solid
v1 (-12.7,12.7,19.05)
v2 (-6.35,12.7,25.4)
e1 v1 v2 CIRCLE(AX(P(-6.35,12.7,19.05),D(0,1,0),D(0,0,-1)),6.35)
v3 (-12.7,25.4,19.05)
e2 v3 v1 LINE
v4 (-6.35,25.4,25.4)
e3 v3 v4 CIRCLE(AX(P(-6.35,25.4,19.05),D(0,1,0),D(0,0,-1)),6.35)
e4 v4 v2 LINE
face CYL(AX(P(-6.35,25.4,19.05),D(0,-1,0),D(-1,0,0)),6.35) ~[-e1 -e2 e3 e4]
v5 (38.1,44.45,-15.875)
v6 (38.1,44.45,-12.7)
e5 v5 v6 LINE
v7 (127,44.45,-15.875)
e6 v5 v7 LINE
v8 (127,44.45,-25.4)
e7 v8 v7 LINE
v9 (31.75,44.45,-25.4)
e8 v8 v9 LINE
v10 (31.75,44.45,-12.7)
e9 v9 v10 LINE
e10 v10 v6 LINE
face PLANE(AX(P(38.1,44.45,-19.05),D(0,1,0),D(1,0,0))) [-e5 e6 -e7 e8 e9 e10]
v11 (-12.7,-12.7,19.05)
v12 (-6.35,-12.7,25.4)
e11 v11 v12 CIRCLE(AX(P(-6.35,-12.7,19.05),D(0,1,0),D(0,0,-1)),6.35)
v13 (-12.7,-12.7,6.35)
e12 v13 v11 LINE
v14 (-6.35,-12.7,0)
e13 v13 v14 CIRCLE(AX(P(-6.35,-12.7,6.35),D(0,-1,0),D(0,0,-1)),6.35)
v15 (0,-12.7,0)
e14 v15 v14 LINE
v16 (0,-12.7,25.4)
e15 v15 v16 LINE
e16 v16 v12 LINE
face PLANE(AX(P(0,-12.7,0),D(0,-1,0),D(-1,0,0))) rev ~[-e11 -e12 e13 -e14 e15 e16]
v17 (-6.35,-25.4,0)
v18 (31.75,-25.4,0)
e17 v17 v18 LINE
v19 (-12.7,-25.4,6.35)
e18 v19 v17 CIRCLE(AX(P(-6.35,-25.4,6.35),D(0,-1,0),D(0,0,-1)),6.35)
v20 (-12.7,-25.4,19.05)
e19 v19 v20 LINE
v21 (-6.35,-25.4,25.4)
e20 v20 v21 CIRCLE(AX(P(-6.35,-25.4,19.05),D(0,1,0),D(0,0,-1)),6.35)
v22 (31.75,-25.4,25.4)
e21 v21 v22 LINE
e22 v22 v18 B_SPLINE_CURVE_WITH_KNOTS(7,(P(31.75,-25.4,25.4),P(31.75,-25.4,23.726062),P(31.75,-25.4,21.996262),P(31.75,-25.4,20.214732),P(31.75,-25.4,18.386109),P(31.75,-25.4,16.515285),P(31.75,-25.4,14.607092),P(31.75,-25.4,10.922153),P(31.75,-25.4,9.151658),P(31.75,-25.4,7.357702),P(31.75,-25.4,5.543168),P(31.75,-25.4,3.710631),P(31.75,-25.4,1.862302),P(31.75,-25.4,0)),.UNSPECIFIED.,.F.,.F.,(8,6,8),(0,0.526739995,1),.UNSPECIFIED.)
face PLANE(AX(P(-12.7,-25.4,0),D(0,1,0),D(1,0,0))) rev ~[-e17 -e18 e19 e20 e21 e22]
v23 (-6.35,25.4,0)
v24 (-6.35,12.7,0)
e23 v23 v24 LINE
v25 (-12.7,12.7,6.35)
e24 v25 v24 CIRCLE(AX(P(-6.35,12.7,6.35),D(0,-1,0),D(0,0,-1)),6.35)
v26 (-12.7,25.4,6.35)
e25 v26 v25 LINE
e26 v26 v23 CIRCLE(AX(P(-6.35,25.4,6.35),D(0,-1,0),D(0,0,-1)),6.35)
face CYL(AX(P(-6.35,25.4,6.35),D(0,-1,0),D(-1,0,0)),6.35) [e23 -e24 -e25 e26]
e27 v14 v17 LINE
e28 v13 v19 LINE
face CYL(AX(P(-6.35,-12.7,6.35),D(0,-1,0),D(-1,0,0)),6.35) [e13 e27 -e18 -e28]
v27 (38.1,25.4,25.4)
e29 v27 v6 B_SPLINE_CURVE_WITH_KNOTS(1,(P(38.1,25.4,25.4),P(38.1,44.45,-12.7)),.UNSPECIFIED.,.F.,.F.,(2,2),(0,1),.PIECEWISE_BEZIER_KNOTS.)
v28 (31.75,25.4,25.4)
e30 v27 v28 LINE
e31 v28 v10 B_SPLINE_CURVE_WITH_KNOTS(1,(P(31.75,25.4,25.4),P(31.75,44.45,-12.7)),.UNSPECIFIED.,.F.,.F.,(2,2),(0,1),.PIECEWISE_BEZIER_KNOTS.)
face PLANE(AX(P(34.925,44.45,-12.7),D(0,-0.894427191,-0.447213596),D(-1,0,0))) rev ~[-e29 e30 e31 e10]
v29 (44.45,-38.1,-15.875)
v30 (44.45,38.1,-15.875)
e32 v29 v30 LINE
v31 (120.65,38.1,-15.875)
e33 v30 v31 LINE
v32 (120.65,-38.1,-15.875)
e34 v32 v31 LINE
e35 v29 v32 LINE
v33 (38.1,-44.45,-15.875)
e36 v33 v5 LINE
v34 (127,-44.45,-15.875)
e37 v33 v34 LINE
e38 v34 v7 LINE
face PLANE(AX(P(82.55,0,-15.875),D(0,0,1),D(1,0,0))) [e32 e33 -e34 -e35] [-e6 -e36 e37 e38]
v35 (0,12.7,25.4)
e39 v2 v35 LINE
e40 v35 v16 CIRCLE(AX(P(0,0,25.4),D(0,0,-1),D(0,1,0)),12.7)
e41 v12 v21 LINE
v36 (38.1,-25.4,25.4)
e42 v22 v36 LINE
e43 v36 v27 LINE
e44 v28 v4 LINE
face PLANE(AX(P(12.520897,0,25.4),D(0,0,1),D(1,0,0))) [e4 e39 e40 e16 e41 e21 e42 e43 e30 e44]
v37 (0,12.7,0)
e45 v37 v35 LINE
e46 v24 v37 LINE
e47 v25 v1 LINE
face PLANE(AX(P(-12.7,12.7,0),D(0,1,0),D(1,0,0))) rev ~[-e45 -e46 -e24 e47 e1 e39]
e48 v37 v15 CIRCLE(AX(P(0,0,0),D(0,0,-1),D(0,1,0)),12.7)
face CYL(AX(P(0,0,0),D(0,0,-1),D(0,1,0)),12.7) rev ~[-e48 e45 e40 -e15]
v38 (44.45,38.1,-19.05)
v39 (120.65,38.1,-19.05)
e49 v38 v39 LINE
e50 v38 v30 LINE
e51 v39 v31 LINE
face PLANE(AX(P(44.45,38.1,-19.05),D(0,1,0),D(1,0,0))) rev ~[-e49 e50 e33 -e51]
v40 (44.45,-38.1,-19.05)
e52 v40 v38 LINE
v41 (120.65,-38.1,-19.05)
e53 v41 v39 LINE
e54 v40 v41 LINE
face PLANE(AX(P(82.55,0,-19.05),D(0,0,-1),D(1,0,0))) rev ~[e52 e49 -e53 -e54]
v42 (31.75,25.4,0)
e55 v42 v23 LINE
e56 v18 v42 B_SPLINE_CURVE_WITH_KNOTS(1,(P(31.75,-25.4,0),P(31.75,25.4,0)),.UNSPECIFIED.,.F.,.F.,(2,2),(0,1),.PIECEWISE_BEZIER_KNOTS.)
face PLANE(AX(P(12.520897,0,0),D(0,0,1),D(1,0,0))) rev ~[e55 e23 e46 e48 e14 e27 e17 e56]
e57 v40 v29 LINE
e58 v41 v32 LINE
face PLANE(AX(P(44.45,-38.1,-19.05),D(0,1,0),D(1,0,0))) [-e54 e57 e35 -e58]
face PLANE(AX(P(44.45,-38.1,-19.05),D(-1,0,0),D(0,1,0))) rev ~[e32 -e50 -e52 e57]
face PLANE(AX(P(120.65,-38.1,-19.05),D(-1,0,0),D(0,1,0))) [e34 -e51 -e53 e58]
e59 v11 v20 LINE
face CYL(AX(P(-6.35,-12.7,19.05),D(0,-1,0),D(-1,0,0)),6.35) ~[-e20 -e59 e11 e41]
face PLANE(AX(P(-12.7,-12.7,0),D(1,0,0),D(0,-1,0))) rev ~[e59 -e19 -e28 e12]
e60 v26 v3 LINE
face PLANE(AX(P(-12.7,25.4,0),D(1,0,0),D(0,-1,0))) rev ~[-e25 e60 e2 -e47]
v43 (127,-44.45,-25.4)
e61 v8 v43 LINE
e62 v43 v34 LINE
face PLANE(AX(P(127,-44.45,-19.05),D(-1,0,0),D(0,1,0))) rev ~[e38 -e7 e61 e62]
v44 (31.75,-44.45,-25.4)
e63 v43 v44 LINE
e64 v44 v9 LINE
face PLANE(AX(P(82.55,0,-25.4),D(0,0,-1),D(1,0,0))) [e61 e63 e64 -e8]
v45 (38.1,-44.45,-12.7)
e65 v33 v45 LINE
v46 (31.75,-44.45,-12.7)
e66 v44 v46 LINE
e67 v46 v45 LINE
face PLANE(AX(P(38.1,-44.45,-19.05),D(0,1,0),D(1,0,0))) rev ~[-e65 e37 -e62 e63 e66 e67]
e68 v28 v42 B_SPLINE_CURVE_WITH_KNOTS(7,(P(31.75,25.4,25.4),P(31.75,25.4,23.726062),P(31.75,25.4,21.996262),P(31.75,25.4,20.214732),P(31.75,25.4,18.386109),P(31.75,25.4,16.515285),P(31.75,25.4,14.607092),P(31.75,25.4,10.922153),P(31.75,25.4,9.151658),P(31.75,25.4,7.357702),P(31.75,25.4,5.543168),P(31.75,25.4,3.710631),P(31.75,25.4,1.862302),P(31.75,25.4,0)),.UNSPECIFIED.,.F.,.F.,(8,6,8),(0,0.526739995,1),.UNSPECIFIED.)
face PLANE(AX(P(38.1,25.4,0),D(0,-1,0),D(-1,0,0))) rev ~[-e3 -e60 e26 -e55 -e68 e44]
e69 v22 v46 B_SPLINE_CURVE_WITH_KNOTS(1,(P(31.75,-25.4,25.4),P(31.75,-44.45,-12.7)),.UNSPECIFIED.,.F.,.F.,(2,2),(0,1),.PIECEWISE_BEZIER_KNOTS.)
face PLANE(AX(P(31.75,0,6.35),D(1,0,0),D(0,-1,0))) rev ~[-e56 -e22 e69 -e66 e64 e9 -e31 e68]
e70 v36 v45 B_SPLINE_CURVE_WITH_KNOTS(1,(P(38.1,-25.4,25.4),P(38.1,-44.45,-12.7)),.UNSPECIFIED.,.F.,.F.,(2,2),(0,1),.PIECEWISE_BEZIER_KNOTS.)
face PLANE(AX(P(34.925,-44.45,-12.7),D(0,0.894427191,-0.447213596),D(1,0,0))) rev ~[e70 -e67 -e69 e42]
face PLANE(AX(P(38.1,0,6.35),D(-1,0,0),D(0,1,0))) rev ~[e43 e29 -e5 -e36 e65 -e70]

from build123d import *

# Parameters (mm, degrees)
F1_DEPTH  = 25.4
F2_R      = 6.35
F4_W      = 6.35
F4_H      = 88.9
F5_DEPTH  = 12.7
F6_W      = 6.35
F6_H      = 50.8
F5_FACE_W = 6.35
F5_FACE_H = 88.9
F8_W      = 88.9
F8_H      = 88.9
F9_DEPTH  = 6.35
F10_W     = 88.9
F10_H     = 88.9
F10_W_2   = 76.2
F10_H_2   = 76.2
F11_DEPTH = 3.175


with BuildPart() as f1:
    # F0 (on Top) → F1 (new body)
    with BuildSketch(Plane.XY):
        with BuildLine():
            ThreePointArc((0, 12.7), (12.7, 0), (0, -12.7))
            Line((0, -12.7), (-12.7, -12.7))
            Line((-12.7, -12.7), (-12.7, -25.4))
            Line((-12.7, -25.4), (38.1, -25.4))
            Line((38.1, -25.4), (38.1, 25.4))
            Line((38.1, 25.4), (-12.7, 25.4))
            Line((-12.7, 25.4), (-12.7, 12.7))
            Line((-12.7, 12.7), (0, 12.7))
        make_face()
    extrude(amount=F1_DEPTH)

    # F2
    f2_edges = [f1.edges().sort_by_distance(p)[0] for p in [
        (-12.7, -19.05, 25.4),
        (-12.7, 19.05, 25.4),
        (-12.7, -19.05, 0),
        (-12.7, 19.05, 0),
    ]]
    fillet(f2_edges, radius=F2_R)



with BuildPart() as f5:
    # F4 (on offset) → F5 (new body)
    with BuildSketch(Plane.XY.offset(-25.4)):
        with Locations((34.925, 0)):
            Rectangle(F4_W, F4_H)
    extrude(amount=F5_DEPTH)


with BuildPart() as f1_1:
    add(f1.part)

    add(f5.part)  # F7 merges F5
    # F6 (on face) → F7 section 0
    with BuildSketch(Plane.XY.offset(25.4)):
        with Locations((34.925, 0)):
            Rectangle(F6_W, F6_H)
    # F5_face (on face) → F7 section 1
    with BuildSketch(Plane(origin=(34.925, 0, -12.7), x_dir=(1, 0, 0), z_dir=(0, 0, 1))):
        Rectangle(F5_FACE_W, F5_FACE_H)
    loft()

    # F8 (on face) → F9 (join)
    with BuildSketch(Plane(origin=(0, 0, -25.4), x_dir=(1, 0, 0), z_dir=(0, 0, -1))):
        with Locations((82.55, 0)):
            Rectangle(F8_W, F8_H)
    extrude(amount=-F9_DEPTH)

    # F10 (on face) → F11 (join)
    with BuildSketch(Plane.XY.offset(-19.05)):
        with Locations((82.55, 0)):
            Rectangle(F10_W, F10_H)
        with Locations((82.55, 0)):
            Rectangle(F10_W_2, F10_H_2, mode=Mode.SUBTRACT)
    extrude(amount=F11_DEPTH)


solid = f1_1.part
